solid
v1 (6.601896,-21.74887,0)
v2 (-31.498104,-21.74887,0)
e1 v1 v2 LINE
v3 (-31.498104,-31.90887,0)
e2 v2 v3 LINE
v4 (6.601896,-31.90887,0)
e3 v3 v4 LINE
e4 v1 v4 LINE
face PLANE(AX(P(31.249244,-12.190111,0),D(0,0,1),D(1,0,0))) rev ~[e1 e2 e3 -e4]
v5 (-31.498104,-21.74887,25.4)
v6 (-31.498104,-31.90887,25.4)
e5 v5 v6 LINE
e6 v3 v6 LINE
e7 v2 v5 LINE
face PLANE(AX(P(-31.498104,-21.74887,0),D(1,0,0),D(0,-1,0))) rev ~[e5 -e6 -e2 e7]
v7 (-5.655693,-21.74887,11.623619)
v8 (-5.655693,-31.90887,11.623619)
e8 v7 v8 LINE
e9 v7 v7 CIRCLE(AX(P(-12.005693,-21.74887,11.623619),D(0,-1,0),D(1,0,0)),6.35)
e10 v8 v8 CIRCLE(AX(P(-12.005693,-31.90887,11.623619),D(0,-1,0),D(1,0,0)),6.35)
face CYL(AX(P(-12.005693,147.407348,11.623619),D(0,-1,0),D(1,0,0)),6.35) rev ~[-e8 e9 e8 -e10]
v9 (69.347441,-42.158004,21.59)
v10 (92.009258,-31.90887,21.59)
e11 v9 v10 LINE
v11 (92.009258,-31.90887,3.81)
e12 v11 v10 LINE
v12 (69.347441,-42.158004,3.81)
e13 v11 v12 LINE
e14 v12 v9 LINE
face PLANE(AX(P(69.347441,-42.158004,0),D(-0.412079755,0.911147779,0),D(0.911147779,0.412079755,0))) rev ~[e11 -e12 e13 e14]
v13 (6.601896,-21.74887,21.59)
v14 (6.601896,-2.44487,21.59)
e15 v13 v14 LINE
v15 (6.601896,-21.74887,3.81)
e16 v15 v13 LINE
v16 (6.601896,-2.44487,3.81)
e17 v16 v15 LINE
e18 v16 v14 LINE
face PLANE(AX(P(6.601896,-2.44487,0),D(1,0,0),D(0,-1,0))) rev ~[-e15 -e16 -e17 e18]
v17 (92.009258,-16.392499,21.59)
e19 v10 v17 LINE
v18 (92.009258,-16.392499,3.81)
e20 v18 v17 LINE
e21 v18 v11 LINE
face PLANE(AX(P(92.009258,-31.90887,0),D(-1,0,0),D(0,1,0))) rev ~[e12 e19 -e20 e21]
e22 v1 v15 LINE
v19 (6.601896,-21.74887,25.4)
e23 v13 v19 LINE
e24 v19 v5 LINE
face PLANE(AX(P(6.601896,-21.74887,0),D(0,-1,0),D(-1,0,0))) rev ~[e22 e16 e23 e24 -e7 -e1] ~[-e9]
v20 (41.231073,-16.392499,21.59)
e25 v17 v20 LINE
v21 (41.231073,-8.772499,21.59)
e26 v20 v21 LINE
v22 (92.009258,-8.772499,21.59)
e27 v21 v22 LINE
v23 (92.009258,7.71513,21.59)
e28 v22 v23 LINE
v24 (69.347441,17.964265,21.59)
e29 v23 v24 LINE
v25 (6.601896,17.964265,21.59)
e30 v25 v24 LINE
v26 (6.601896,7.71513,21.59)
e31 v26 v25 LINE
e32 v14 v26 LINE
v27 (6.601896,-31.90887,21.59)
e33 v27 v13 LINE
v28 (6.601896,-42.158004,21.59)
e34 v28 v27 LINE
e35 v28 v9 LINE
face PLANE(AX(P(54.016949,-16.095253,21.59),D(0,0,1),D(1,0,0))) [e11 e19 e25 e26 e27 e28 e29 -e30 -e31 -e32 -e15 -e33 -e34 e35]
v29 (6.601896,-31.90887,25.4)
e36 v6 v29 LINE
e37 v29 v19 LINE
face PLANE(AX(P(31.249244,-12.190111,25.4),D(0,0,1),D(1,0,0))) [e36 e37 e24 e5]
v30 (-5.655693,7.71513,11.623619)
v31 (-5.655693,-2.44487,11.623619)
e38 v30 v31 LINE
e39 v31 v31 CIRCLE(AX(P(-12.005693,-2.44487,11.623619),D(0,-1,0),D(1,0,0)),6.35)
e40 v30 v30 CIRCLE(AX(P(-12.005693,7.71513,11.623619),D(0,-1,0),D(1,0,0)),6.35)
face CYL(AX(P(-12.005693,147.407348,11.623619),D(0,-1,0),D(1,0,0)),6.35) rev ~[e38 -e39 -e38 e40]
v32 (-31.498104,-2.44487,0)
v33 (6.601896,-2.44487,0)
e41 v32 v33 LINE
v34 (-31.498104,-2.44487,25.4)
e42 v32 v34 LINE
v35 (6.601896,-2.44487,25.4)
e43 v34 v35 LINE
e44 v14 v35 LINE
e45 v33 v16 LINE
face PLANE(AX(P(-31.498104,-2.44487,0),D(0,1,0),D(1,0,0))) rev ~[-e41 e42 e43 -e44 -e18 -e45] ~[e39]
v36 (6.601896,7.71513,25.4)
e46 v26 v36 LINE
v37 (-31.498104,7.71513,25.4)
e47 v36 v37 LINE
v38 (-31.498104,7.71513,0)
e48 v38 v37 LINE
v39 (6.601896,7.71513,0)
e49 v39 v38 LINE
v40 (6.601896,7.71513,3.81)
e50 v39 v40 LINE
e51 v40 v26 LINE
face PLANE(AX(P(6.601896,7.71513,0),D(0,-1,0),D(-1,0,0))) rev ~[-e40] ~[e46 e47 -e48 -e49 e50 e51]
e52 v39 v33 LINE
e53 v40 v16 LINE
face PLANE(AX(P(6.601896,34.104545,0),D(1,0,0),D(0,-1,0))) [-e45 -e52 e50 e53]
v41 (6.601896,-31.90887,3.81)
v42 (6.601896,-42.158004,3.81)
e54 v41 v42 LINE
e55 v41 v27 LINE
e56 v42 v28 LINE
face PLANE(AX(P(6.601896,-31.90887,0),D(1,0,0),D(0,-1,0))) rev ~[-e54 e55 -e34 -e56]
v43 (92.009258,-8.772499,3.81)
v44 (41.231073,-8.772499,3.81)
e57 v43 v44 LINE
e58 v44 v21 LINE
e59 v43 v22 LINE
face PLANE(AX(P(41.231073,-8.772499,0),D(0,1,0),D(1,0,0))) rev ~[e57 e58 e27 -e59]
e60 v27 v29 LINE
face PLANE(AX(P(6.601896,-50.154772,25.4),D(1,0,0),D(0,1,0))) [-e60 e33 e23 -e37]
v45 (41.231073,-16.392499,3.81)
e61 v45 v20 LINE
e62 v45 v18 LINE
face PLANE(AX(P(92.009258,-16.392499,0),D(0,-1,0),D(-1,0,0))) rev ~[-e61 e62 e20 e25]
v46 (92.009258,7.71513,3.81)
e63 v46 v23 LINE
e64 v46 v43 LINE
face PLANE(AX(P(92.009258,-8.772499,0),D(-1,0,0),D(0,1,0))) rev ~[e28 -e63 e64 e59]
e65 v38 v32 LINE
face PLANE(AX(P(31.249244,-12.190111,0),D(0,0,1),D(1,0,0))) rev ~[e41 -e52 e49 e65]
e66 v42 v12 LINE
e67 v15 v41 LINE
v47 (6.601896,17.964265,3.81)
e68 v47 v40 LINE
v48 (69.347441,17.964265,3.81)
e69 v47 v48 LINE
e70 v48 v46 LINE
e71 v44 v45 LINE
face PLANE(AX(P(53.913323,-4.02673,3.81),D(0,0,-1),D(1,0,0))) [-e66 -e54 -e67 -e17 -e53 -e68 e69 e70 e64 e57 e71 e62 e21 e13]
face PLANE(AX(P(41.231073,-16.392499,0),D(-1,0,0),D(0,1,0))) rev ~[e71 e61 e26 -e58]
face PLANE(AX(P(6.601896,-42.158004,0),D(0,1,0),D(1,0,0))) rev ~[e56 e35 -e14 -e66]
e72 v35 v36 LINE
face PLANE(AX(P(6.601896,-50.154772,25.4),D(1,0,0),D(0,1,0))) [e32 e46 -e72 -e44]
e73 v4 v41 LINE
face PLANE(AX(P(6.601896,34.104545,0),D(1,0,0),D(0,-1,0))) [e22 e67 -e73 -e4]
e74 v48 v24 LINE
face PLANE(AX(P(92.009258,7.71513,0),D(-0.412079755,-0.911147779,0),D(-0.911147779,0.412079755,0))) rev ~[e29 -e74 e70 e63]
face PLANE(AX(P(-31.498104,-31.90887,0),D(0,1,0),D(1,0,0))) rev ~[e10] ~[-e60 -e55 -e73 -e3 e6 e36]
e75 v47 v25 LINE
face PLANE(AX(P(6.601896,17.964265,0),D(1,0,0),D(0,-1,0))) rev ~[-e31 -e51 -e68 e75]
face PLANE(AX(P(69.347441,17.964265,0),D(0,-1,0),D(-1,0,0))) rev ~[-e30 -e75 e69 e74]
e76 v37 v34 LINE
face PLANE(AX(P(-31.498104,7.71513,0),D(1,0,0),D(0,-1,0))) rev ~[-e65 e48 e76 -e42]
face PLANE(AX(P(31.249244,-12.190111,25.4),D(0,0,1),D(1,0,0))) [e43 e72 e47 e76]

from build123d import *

# Parameters (mm, degrees)
F1_DEPTH = 25.4
F3_D     = 12.7
F4_W     = 94.8301074147
F4_H     = 68.1190363509
F5_DEPTH = 3.81
F6_W     = 94.6228546143
F6_H     = 76.2625485659
F7_DEPTH = 3.81


with BuildPart() as f1:
    # F0 (on Top) → F1 (new body)
    with BuildSketch(Plane.XY):
        Polygon((69.3474411964, -42.1580038965), (92.0092580879, -31.9088696007), (92.0092580879, -16.3924994838), (41.2310734391, -16.3924994838), (41.2310734391, -12.5824994838), (41.2310734391, -8.7724994838), (92.0092580879, -8.7724994838), (92.0092580879, 7.7151303993), (69.3474411964, 17.9642646951), (6.6018956661, 17.9642646951), (6.6018956661, 7.7151303993), (-31.4981043339, 7.7151303993), (-31.4981043339, -2.4448696007), (-12.4481043339, -2.4448696007), (6.6018956661, -2.4448696007), (6.6018956661, -21.7488696007), (-31.4981043339, -21.7488696007), (-31.4981043339, -31.9088696007), (6.6018956661, -31.9088696007), (6.6018956661, -42.1580038965), align=None)
    extrude(amount=F1_DEPTH)

    # F3 (through all)
    with Locations(Plane(origin=(0, 7.7151303993, 0), x_dir=(-1, 0, 0), z_dir=(0, 1, 0))):
        with Locations((12.0056932792, 11.6236191243)):
            Hole(F3_D / 2)

    # F4 (on face) → F5 (cut)
    with BuildSketch(Plane.XY.offset(25.4)):
        with Locations((54.0169493735, -16.0952534803)):
            Rectangle(F4_W, F4_H)
    extrude(amount=-F5_DEPTH, mode=Mode.SUBTRACT)

    # F6 (on face) → F7 (cut)
    with BuildSketch(Plane(origin=(0, 0, 0), x_dir=(1, 0, 0), z_dir=(0, 0, -1))):
        with Locations((53.9133229733, 4.0267296135)):
            Rectangle(F6_W, F6_H)
    extrude(amount=-F7_DEPTH, mode=Mode.SUBTRACT)


solid = f1.part
